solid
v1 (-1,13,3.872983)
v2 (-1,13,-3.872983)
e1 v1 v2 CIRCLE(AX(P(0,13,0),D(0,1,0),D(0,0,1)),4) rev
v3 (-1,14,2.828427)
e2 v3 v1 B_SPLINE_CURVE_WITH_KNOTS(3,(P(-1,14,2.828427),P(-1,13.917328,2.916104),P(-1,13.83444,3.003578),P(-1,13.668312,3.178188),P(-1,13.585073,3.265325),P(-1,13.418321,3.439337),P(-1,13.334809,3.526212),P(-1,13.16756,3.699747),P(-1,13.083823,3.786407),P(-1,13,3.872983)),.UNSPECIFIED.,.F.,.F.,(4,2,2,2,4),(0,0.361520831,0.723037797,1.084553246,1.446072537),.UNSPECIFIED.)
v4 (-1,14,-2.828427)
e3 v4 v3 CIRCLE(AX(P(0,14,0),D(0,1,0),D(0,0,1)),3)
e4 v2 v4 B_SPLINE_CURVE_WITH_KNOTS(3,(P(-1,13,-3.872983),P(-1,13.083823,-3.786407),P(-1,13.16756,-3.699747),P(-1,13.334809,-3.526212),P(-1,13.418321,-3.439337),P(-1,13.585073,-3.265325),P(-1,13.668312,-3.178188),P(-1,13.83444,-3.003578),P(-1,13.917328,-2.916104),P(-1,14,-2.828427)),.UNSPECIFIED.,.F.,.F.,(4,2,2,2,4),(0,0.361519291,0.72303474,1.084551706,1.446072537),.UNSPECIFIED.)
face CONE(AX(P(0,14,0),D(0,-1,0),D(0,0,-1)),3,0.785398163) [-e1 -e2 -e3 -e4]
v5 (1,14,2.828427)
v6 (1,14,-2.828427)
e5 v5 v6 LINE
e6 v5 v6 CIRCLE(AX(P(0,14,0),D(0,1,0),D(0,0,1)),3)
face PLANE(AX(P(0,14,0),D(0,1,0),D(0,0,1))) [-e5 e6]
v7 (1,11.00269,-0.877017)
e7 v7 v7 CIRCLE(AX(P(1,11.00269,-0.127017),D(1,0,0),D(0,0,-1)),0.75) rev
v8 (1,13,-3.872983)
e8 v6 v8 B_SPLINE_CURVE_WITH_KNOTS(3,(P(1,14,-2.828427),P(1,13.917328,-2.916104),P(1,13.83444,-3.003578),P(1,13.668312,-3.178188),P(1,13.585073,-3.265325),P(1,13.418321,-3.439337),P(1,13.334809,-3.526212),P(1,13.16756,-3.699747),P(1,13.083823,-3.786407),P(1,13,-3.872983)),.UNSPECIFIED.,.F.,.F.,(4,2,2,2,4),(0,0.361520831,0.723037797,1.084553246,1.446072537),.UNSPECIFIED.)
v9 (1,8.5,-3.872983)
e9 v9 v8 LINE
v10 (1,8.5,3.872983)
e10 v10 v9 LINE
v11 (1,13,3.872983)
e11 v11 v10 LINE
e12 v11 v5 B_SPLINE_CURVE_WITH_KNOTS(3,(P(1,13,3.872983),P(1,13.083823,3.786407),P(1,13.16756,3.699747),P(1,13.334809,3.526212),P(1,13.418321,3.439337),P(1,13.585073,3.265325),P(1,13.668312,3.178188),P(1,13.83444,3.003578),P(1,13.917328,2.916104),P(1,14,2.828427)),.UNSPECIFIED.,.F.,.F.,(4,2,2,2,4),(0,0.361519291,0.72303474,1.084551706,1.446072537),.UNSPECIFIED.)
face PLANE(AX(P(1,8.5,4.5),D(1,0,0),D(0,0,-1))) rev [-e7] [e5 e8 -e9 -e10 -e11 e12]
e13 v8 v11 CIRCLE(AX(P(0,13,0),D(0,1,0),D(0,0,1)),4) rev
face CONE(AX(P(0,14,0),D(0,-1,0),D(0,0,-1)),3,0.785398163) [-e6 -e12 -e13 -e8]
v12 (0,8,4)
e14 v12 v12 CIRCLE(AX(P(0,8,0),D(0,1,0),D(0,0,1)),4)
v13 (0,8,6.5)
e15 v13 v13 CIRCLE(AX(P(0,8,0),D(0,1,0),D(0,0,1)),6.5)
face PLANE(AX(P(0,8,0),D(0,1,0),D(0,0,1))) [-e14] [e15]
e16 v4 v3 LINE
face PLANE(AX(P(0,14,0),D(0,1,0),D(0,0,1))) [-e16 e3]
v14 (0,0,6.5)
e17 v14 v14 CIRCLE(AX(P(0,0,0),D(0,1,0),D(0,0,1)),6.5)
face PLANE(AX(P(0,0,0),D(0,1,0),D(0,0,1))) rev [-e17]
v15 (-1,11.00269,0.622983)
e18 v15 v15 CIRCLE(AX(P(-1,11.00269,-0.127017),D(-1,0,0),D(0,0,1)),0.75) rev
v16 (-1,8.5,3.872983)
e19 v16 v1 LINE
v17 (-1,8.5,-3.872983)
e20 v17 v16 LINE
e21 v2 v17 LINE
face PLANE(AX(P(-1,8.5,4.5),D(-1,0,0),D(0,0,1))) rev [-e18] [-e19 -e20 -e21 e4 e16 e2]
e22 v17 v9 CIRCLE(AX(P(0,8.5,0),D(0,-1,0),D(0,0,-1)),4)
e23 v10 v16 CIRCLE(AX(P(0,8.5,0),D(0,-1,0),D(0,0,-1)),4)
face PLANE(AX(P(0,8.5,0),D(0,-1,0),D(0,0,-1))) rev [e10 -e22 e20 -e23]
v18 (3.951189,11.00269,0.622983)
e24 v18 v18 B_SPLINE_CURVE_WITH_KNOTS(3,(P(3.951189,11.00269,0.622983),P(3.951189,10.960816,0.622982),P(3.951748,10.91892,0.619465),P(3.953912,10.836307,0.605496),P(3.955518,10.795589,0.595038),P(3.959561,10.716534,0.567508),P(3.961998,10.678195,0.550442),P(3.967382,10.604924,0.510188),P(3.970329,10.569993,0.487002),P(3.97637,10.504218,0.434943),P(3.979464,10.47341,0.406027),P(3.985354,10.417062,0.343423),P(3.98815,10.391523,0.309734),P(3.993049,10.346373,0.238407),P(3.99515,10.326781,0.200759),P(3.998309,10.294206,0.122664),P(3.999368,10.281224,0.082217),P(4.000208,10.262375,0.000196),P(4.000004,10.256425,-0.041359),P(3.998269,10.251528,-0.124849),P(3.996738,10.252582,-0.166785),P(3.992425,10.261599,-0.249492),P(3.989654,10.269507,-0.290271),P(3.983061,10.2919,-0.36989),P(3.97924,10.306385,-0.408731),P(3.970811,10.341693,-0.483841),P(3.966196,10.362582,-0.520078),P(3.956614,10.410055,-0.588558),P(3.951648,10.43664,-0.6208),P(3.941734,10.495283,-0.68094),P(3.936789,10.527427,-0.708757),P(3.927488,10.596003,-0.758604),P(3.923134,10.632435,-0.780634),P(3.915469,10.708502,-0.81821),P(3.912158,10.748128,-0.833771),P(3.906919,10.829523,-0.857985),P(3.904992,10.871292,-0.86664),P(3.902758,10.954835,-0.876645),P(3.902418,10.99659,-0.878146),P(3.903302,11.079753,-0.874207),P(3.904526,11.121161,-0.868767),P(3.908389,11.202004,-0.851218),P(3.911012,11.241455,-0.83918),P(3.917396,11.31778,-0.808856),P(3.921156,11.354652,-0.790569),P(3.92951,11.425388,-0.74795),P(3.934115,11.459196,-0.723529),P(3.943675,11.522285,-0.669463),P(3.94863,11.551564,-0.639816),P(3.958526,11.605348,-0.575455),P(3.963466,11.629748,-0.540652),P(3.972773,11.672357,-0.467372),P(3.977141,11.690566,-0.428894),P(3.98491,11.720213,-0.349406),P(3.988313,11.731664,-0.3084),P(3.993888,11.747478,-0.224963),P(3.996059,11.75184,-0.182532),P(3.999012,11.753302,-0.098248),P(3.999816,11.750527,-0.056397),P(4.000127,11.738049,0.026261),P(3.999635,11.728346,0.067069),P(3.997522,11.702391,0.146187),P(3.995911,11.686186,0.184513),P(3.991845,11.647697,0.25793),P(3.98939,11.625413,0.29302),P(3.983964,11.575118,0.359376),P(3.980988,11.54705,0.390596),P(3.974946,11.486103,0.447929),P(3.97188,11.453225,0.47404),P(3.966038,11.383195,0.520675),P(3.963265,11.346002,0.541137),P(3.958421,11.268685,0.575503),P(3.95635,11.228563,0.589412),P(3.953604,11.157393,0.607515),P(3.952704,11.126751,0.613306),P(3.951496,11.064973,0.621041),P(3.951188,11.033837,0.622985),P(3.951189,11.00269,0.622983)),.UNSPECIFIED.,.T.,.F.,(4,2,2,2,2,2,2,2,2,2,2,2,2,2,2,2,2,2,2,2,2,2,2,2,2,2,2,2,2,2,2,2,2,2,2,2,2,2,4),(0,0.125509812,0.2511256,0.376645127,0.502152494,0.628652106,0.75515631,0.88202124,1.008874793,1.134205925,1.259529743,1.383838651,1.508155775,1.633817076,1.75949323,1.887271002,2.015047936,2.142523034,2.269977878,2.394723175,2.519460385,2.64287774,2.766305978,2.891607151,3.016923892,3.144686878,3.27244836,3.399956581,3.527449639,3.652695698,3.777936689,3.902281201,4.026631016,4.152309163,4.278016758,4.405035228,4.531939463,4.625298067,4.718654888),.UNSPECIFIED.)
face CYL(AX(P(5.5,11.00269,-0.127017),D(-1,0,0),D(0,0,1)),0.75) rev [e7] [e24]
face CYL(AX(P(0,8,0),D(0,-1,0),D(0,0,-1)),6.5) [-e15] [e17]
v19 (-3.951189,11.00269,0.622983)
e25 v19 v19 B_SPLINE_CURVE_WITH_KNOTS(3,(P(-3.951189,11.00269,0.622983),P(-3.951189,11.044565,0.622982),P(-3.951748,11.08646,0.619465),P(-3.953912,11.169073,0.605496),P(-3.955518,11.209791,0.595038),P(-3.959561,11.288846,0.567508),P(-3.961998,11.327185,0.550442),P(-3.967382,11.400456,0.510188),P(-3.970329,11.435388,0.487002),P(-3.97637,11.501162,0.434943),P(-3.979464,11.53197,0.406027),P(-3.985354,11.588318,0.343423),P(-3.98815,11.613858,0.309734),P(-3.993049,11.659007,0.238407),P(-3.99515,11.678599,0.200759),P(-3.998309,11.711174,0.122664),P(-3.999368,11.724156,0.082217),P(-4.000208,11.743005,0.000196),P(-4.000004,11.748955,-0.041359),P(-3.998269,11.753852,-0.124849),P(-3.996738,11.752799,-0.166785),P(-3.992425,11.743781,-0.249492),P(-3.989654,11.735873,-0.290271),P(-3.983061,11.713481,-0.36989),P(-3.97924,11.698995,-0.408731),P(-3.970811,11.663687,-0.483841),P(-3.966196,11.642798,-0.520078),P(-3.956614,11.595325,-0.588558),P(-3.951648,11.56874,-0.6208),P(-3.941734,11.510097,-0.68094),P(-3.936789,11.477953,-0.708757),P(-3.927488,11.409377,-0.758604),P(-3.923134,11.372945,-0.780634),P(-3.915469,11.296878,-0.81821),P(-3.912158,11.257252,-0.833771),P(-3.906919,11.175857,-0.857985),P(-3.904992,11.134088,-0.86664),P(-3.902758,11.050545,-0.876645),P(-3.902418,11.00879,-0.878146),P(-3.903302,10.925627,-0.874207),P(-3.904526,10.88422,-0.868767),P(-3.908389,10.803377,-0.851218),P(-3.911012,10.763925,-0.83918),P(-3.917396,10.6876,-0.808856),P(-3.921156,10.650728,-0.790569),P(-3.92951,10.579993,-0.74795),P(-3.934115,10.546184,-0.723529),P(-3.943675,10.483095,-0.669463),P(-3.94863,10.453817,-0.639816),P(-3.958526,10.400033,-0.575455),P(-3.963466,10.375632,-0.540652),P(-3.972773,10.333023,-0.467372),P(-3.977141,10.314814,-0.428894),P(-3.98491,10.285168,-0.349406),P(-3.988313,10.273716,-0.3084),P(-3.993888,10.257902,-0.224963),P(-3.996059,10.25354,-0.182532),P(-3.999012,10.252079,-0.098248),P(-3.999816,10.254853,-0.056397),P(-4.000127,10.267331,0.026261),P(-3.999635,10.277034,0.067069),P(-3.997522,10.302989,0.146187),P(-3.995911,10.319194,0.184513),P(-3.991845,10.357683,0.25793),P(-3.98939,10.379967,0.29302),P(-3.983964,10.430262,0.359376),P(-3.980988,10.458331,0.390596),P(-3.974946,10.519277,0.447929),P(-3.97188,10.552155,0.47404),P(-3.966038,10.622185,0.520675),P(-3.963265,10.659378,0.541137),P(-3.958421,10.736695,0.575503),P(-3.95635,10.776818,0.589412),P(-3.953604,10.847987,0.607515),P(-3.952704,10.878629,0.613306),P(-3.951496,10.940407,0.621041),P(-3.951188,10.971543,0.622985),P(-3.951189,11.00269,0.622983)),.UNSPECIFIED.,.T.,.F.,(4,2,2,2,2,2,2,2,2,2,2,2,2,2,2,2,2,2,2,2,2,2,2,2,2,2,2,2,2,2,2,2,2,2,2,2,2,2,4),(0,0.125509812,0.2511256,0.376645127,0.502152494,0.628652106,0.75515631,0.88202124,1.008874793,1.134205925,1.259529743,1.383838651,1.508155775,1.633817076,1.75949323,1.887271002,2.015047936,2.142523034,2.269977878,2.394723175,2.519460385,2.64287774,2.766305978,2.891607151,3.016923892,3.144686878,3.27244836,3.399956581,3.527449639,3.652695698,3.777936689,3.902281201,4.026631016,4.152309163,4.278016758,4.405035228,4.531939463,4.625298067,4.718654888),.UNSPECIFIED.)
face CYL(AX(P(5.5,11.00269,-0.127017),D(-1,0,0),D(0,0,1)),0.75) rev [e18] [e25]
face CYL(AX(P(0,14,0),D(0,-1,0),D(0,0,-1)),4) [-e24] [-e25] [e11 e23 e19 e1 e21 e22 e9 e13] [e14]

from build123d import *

# Parameters (mm, degrees)
SKETCH1_R               = 6.5
BOSS_EXTRUDE1_DEPTH     = 8
SKETCH2_R               = 4
BOSS_EXTRUDE2_DEPTH     = 6
SKETCH3_W               = 2
SKETCH3_H               = 9
CUT_EXTRUDE1_DEPTH      = 5.5
CHAMFER1_SIZE           = 1
CHAMFER2_SIZE           = 1
CUT_EXTRUDE3_DEPTH      = 5.5
CUT_EXTRUDE3_DEPTH_BACK = 5.5
SKETCH5_R               = 0.75


with BuildPart() as part:
    # Sketch1 → Boss-Extrude1 (new body)
    with BuildSketch(Plane(origin=(0, 0, 0), x_dir=(1, 0, 0), z_dir=(0, 1, 0))):
        with Locations(Location((0, 0, 0), (0, 0, 270))):
            Circle(SKETCH1_R)
    extrude(amount=BOSS_EXTRUDE1_DEPTH)

    # Sketch2 → Boss-Extrude2 (add)
    with BuildSketch(Plane(origin=(0, 8, 0), x_dir=(1, 0, 0), z_dir=(0, 1, 0))):
        with Locations(Location((0, 0, 0), (0, 0, 270))):
            Circle(SKETCH2_R)
    extrude(amount=BOSS_EXTRUDE2_DEPTH)

    # Sketch3 → Cut-Extrude1 (cut)
    with BuildSketch(Plane(origin=(0, 14, 0), x_dir=(1, 0, 0), z_dir=(0, 1, 0))):
        Rectangle(SKETCH3_W, SKETCH3_H)
    extrude(amount=-CUT_EXTRUDE1_DEPTH, mode=Mode.SUBTRACT)

    # Chamfer1
    chamfer1_edges = [part.edges().sort_by_distance(p)[0] for p in [
        (4, 14, 0),
    ]]
    chamfer(chamfer1_edges, length=CHAMFER1_SIZE)

    # Chamfer2
    chamfer2_edges = [part.edges().sort_by_distance(p)[0] for p in [
        (-4, 14, 0),
    ]]
    chamfer(chamfer2_edges, length=CHAMFER2_SIZE)

    # Sketch5 → Cut-Extrude3 (cut, two sides: drawn at the far end of the back side and taken through both)
    with BuildSketch(Plane(origin=(0, 0, 0), x_dir=(0, 0, -1), z_dir=(1, 0, 0)).offset(-CUT_EXTRUDE3_DEPTH_BACK)):
        with Locations(Location((0.127016654, 11.002690078, 0), (0, 0, 180))):
            Circle(SKETCH5_R)
    extrude(amount=CUT_EXTRUDE3_DEPTH + CUT_EXTRUDE3_DEPTH_BACK, mode=Mode.SUBTRACT)


solid = part.part
